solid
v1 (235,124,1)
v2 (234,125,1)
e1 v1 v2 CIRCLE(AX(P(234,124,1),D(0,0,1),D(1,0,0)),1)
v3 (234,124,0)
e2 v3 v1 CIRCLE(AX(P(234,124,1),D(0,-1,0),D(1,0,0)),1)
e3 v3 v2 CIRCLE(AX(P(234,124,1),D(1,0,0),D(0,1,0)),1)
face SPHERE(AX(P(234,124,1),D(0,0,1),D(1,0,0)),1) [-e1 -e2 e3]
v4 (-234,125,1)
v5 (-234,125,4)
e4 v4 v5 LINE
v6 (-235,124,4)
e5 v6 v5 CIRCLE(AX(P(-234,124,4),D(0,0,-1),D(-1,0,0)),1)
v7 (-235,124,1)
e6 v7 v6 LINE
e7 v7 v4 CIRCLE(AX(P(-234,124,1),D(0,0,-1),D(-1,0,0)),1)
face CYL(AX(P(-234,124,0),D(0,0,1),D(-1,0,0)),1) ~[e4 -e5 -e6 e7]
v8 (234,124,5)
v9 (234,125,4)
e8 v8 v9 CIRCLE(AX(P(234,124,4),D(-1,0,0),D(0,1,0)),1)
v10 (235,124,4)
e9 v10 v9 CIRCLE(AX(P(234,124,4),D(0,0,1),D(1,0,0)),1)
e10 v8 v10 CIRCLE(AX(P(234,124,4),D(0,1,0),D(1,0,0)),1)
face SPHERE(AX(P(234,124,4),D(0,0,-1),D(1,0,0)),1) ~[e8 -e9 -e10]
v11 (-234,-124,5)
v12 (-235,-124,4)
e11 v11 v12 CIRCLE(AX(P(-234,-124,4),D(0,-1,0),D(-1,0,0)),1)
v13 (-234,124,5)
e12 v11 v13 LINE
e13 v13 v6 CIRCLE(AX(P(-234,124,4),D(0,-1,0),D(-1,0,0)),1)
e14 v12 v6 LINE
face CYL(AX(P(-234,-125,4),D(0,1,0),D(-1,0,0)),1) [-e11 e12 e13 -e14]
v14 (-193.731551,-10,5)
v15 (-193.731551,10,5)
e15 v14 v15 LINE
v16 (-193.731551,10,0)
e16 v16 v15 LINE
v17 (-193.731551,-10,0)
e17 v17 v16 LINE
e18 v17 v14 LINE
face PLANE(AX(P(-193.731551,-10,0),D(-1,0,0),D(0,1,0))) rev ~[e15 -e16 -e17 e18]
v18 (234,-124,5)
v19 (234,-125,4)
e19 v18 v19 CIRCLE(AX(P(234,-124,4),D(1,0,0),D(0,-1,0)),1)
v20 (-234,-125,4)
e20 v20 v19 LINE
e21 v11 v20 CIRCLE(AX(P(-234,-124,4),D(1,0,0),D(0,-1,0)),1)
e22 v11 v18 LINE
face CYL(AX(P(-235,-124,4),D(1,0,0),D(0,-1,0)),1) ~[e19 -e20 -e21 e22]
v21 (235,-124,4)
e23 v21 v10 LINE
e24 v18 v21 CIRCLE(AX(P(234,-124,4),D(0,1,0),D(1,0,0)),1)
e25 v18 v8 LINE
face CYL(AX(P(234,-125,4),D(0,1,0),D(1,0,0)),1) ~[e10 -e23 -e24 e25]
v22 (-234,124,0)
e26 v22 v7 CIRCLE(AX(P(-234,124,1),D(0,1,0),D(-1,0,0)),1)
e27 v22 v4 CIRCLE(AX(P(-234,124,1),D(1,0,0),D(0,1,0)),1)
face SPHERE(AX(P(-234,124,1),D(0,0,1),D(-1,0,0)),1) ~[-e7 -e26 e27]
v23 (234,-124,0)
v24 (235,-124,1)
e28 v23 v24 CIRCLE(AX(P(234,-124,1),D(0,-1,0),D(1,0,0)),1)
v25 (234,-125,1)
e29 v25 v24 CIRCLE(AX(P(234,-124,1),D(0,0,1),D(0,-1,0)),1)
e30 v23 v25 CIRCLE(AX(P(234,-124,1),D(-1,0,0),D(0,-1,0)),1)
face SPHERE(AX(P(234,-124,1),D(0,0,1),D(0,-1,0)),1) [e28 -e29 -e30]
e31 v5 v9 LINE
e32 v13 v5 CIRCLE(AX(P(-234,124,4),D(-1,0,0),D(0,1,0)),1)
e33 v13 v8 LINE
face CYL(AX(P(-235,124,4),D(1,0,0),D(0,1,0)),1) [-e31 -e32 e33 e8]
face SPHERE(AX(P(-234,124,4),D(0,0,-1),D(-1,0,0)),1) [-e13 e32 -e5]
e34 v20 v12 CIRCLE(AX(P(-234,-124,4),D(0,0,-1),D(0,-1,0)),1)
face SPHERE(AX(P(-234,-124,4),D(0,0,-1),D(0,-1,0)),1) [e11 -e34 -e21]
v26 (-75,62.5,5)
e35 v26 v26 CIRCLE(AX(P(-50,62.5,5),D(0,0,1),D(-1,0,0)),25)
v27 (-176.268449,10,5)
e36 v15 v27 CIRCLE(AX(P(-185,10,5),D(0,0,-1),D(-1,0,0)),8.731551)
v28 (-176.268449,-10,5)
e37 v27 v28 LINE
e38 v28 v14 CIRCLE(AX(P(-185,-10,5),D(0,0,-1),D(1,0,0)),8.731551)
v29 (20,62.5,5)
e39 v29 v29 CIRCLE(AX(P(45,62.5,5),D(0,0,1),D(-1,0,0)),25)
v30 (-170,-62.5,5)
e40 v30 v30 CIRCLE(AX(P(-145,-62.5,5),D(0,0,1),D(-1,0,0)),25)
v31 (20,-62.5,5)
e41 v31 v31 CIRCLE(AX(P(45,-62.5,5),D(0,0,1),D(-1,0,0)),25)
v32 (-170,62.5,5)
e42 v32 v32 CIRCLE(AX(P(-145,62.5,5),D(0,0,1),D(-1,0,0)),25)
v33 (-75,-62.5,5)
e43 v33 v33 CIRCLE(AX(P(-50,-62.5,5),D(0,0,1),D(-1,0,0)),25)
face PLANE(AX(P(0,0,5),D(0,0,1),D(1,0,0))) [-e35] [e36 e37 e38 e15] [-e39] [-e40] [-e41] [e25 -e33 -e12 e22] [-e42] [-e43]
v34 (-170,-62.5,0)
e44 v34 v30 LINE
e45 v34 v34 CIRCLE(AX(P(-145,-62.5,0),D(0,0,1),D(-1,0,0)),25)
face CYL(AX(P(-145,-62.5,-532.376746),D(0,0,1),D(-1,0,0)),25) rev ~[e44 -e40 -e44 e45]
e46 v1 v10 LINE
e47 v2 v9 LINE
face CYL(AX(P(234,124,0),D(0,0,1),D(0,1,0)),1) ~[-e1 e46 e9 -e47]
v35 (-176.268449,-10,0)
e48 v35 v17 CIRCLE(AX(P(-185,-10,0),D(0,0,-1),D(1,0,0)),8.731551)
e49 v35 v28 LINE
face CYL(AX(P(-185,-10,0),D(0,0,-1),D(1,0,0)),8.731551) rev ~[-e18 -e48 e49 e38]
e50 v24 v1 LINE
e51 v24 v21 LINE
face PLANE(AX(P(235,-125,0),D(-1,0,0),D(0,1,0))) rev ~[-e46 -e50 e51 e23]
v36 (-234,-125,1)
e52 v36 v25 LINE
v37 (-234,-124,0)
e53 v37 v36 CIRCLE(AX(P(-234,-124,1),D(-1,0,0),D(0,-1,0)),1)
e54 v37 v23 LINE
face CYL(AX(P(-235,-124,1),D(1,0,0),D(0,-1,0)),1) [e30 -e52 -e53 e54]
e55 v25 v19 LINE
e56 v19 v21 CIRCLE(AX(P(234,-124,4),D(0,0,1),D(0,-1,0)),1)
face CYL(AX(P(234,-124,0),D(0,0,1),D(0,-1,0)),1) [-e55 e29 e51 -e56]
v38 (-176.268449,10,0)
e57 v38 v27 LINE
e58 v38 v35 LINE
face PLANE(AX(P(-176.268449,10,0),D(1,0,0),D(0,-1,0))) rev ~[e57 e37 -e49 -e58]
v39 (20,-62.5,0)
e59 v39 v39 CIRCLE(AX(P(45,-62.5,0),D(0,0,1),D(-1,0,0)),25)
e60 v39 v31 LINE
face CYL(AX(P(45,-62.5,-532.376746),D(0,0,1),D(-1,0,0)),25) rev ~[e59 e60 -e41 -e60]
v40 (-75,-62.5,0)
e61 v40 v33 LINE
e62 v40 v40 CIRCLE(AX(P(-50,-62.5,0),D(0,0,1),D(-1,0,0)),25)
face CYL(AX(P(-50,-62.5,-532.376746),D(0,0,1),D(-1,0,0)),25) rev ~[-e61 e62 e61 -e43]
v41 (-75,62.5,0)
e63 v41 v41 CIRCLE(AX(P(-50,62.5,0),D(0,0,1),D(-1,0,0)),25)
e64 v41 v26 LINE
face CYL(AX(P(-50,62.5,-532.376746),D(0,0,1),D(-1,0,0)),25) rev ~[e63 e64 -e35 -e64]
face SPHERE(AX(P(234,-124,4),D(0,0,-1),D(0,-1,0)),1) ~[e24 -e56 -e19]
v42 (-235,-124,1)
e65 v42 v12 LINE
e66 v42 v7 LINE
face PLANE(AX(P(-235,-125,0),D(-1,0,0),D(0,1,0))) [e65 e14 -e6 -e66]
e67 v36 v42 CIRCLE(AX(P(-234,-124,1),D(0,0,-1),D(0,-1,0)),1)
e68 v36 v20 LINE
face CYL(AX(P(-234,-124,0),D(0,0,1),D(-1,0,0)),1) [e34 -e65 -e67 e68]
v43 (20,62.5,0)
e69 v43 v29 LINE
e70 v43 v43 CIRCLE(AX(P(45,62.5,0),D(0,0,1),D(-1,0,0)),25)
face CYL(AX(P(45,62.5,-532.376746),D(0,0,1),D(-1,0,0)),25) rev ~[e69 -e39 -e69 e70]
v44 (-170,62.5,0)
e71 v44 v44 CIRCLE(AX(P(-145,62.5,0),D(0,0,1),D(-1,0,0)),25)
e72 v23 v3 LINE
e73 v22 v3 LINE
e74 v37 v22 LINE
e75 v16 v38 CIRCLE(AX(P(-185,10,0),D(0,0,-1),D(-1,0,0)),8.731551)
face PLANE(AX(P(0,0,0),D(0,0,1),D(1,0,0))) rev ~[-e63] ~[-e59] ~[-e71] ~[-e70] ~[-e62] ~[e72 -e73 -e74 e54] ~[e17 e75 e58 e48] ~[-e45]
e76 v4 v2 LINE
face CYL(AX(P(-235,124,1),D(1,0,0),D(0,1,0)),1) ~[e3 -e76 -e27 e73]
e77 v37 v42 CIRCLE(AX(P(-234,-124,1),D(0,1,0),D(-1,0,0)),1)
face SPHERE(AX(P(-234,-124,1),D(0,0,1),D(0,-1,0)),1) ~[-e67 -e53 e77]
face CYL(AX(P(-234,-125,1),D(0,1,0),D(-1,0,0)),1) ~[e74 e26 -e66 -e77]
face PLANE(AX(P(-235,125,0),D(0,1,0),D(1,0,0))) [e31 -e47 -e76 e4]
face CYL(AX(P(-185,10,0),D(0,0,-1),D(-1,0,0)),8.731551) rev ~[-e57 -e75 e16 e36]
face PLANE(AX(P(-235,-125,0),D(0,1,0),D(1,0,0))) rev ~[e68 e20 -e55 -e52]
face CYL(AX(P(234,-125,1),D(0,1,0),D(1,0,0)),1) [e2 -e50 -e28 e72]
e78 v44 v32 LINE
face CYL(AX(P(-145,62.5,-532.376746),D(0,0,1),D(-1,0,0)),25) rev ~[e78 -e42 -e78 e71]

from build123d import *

# Parameters (mm, degrees)
F0_W     = 470
F0_H     = 250
F1_DEPTH = 5
F2_R     = 1
F3_D     = 50


with BuildPart() as f1:
    # F0 (on Top) → F1 (new body)
    with BuildSketch(Plane.XY):
        Rectangle(F0_W, F0_H)
        with BuildLine():
            ThreePointArc((-193.731551, 10), (-185, 18.731551), (-176.268449, 10))
            Line((-176.268449, 10), (-176.268449, -10))
            ThreePointArc((-176.268449, -10), (-185, -18.731551), (-193.731551, -10))
            Line((-193.731551, -10), (-193.731551, 10))
        make_face(mode=Mode.SUBTRACT)
    extrude(amount=F1_DEPTH)

    # F2
    f2_edges = [f1.edges().sort_by_distance(p)[0] for p in [
        (-235, -125, 2.5),
        (235, -125, 2.5),
        (0, -125, 0),
        (0, -125, 5),
        (235, 125, 2.5),
        (235, 0, 0),
        (235, 0, 5),
        (-235, 125, 2.5),
        (-235, 0, 0),
        (-235, 0, 5),
        (0, 125, 0),
        (0, 125, 5),
    ]]
    fillet(f2_edges, radius=F2_R)

    # F3 (through all)
    with Locations(Plane(origin=(0, 0, 0), x_dir=(1, 0, 0), z_dir=(0, 0, -1))):
        with Locations((-145, 62.5), (-145, -62.5), (-50, -62.5), (-50, 62.5), (45, 62.5), (45, -62.5)):
            Hole(F3_D / 2)


solid = f1.part
